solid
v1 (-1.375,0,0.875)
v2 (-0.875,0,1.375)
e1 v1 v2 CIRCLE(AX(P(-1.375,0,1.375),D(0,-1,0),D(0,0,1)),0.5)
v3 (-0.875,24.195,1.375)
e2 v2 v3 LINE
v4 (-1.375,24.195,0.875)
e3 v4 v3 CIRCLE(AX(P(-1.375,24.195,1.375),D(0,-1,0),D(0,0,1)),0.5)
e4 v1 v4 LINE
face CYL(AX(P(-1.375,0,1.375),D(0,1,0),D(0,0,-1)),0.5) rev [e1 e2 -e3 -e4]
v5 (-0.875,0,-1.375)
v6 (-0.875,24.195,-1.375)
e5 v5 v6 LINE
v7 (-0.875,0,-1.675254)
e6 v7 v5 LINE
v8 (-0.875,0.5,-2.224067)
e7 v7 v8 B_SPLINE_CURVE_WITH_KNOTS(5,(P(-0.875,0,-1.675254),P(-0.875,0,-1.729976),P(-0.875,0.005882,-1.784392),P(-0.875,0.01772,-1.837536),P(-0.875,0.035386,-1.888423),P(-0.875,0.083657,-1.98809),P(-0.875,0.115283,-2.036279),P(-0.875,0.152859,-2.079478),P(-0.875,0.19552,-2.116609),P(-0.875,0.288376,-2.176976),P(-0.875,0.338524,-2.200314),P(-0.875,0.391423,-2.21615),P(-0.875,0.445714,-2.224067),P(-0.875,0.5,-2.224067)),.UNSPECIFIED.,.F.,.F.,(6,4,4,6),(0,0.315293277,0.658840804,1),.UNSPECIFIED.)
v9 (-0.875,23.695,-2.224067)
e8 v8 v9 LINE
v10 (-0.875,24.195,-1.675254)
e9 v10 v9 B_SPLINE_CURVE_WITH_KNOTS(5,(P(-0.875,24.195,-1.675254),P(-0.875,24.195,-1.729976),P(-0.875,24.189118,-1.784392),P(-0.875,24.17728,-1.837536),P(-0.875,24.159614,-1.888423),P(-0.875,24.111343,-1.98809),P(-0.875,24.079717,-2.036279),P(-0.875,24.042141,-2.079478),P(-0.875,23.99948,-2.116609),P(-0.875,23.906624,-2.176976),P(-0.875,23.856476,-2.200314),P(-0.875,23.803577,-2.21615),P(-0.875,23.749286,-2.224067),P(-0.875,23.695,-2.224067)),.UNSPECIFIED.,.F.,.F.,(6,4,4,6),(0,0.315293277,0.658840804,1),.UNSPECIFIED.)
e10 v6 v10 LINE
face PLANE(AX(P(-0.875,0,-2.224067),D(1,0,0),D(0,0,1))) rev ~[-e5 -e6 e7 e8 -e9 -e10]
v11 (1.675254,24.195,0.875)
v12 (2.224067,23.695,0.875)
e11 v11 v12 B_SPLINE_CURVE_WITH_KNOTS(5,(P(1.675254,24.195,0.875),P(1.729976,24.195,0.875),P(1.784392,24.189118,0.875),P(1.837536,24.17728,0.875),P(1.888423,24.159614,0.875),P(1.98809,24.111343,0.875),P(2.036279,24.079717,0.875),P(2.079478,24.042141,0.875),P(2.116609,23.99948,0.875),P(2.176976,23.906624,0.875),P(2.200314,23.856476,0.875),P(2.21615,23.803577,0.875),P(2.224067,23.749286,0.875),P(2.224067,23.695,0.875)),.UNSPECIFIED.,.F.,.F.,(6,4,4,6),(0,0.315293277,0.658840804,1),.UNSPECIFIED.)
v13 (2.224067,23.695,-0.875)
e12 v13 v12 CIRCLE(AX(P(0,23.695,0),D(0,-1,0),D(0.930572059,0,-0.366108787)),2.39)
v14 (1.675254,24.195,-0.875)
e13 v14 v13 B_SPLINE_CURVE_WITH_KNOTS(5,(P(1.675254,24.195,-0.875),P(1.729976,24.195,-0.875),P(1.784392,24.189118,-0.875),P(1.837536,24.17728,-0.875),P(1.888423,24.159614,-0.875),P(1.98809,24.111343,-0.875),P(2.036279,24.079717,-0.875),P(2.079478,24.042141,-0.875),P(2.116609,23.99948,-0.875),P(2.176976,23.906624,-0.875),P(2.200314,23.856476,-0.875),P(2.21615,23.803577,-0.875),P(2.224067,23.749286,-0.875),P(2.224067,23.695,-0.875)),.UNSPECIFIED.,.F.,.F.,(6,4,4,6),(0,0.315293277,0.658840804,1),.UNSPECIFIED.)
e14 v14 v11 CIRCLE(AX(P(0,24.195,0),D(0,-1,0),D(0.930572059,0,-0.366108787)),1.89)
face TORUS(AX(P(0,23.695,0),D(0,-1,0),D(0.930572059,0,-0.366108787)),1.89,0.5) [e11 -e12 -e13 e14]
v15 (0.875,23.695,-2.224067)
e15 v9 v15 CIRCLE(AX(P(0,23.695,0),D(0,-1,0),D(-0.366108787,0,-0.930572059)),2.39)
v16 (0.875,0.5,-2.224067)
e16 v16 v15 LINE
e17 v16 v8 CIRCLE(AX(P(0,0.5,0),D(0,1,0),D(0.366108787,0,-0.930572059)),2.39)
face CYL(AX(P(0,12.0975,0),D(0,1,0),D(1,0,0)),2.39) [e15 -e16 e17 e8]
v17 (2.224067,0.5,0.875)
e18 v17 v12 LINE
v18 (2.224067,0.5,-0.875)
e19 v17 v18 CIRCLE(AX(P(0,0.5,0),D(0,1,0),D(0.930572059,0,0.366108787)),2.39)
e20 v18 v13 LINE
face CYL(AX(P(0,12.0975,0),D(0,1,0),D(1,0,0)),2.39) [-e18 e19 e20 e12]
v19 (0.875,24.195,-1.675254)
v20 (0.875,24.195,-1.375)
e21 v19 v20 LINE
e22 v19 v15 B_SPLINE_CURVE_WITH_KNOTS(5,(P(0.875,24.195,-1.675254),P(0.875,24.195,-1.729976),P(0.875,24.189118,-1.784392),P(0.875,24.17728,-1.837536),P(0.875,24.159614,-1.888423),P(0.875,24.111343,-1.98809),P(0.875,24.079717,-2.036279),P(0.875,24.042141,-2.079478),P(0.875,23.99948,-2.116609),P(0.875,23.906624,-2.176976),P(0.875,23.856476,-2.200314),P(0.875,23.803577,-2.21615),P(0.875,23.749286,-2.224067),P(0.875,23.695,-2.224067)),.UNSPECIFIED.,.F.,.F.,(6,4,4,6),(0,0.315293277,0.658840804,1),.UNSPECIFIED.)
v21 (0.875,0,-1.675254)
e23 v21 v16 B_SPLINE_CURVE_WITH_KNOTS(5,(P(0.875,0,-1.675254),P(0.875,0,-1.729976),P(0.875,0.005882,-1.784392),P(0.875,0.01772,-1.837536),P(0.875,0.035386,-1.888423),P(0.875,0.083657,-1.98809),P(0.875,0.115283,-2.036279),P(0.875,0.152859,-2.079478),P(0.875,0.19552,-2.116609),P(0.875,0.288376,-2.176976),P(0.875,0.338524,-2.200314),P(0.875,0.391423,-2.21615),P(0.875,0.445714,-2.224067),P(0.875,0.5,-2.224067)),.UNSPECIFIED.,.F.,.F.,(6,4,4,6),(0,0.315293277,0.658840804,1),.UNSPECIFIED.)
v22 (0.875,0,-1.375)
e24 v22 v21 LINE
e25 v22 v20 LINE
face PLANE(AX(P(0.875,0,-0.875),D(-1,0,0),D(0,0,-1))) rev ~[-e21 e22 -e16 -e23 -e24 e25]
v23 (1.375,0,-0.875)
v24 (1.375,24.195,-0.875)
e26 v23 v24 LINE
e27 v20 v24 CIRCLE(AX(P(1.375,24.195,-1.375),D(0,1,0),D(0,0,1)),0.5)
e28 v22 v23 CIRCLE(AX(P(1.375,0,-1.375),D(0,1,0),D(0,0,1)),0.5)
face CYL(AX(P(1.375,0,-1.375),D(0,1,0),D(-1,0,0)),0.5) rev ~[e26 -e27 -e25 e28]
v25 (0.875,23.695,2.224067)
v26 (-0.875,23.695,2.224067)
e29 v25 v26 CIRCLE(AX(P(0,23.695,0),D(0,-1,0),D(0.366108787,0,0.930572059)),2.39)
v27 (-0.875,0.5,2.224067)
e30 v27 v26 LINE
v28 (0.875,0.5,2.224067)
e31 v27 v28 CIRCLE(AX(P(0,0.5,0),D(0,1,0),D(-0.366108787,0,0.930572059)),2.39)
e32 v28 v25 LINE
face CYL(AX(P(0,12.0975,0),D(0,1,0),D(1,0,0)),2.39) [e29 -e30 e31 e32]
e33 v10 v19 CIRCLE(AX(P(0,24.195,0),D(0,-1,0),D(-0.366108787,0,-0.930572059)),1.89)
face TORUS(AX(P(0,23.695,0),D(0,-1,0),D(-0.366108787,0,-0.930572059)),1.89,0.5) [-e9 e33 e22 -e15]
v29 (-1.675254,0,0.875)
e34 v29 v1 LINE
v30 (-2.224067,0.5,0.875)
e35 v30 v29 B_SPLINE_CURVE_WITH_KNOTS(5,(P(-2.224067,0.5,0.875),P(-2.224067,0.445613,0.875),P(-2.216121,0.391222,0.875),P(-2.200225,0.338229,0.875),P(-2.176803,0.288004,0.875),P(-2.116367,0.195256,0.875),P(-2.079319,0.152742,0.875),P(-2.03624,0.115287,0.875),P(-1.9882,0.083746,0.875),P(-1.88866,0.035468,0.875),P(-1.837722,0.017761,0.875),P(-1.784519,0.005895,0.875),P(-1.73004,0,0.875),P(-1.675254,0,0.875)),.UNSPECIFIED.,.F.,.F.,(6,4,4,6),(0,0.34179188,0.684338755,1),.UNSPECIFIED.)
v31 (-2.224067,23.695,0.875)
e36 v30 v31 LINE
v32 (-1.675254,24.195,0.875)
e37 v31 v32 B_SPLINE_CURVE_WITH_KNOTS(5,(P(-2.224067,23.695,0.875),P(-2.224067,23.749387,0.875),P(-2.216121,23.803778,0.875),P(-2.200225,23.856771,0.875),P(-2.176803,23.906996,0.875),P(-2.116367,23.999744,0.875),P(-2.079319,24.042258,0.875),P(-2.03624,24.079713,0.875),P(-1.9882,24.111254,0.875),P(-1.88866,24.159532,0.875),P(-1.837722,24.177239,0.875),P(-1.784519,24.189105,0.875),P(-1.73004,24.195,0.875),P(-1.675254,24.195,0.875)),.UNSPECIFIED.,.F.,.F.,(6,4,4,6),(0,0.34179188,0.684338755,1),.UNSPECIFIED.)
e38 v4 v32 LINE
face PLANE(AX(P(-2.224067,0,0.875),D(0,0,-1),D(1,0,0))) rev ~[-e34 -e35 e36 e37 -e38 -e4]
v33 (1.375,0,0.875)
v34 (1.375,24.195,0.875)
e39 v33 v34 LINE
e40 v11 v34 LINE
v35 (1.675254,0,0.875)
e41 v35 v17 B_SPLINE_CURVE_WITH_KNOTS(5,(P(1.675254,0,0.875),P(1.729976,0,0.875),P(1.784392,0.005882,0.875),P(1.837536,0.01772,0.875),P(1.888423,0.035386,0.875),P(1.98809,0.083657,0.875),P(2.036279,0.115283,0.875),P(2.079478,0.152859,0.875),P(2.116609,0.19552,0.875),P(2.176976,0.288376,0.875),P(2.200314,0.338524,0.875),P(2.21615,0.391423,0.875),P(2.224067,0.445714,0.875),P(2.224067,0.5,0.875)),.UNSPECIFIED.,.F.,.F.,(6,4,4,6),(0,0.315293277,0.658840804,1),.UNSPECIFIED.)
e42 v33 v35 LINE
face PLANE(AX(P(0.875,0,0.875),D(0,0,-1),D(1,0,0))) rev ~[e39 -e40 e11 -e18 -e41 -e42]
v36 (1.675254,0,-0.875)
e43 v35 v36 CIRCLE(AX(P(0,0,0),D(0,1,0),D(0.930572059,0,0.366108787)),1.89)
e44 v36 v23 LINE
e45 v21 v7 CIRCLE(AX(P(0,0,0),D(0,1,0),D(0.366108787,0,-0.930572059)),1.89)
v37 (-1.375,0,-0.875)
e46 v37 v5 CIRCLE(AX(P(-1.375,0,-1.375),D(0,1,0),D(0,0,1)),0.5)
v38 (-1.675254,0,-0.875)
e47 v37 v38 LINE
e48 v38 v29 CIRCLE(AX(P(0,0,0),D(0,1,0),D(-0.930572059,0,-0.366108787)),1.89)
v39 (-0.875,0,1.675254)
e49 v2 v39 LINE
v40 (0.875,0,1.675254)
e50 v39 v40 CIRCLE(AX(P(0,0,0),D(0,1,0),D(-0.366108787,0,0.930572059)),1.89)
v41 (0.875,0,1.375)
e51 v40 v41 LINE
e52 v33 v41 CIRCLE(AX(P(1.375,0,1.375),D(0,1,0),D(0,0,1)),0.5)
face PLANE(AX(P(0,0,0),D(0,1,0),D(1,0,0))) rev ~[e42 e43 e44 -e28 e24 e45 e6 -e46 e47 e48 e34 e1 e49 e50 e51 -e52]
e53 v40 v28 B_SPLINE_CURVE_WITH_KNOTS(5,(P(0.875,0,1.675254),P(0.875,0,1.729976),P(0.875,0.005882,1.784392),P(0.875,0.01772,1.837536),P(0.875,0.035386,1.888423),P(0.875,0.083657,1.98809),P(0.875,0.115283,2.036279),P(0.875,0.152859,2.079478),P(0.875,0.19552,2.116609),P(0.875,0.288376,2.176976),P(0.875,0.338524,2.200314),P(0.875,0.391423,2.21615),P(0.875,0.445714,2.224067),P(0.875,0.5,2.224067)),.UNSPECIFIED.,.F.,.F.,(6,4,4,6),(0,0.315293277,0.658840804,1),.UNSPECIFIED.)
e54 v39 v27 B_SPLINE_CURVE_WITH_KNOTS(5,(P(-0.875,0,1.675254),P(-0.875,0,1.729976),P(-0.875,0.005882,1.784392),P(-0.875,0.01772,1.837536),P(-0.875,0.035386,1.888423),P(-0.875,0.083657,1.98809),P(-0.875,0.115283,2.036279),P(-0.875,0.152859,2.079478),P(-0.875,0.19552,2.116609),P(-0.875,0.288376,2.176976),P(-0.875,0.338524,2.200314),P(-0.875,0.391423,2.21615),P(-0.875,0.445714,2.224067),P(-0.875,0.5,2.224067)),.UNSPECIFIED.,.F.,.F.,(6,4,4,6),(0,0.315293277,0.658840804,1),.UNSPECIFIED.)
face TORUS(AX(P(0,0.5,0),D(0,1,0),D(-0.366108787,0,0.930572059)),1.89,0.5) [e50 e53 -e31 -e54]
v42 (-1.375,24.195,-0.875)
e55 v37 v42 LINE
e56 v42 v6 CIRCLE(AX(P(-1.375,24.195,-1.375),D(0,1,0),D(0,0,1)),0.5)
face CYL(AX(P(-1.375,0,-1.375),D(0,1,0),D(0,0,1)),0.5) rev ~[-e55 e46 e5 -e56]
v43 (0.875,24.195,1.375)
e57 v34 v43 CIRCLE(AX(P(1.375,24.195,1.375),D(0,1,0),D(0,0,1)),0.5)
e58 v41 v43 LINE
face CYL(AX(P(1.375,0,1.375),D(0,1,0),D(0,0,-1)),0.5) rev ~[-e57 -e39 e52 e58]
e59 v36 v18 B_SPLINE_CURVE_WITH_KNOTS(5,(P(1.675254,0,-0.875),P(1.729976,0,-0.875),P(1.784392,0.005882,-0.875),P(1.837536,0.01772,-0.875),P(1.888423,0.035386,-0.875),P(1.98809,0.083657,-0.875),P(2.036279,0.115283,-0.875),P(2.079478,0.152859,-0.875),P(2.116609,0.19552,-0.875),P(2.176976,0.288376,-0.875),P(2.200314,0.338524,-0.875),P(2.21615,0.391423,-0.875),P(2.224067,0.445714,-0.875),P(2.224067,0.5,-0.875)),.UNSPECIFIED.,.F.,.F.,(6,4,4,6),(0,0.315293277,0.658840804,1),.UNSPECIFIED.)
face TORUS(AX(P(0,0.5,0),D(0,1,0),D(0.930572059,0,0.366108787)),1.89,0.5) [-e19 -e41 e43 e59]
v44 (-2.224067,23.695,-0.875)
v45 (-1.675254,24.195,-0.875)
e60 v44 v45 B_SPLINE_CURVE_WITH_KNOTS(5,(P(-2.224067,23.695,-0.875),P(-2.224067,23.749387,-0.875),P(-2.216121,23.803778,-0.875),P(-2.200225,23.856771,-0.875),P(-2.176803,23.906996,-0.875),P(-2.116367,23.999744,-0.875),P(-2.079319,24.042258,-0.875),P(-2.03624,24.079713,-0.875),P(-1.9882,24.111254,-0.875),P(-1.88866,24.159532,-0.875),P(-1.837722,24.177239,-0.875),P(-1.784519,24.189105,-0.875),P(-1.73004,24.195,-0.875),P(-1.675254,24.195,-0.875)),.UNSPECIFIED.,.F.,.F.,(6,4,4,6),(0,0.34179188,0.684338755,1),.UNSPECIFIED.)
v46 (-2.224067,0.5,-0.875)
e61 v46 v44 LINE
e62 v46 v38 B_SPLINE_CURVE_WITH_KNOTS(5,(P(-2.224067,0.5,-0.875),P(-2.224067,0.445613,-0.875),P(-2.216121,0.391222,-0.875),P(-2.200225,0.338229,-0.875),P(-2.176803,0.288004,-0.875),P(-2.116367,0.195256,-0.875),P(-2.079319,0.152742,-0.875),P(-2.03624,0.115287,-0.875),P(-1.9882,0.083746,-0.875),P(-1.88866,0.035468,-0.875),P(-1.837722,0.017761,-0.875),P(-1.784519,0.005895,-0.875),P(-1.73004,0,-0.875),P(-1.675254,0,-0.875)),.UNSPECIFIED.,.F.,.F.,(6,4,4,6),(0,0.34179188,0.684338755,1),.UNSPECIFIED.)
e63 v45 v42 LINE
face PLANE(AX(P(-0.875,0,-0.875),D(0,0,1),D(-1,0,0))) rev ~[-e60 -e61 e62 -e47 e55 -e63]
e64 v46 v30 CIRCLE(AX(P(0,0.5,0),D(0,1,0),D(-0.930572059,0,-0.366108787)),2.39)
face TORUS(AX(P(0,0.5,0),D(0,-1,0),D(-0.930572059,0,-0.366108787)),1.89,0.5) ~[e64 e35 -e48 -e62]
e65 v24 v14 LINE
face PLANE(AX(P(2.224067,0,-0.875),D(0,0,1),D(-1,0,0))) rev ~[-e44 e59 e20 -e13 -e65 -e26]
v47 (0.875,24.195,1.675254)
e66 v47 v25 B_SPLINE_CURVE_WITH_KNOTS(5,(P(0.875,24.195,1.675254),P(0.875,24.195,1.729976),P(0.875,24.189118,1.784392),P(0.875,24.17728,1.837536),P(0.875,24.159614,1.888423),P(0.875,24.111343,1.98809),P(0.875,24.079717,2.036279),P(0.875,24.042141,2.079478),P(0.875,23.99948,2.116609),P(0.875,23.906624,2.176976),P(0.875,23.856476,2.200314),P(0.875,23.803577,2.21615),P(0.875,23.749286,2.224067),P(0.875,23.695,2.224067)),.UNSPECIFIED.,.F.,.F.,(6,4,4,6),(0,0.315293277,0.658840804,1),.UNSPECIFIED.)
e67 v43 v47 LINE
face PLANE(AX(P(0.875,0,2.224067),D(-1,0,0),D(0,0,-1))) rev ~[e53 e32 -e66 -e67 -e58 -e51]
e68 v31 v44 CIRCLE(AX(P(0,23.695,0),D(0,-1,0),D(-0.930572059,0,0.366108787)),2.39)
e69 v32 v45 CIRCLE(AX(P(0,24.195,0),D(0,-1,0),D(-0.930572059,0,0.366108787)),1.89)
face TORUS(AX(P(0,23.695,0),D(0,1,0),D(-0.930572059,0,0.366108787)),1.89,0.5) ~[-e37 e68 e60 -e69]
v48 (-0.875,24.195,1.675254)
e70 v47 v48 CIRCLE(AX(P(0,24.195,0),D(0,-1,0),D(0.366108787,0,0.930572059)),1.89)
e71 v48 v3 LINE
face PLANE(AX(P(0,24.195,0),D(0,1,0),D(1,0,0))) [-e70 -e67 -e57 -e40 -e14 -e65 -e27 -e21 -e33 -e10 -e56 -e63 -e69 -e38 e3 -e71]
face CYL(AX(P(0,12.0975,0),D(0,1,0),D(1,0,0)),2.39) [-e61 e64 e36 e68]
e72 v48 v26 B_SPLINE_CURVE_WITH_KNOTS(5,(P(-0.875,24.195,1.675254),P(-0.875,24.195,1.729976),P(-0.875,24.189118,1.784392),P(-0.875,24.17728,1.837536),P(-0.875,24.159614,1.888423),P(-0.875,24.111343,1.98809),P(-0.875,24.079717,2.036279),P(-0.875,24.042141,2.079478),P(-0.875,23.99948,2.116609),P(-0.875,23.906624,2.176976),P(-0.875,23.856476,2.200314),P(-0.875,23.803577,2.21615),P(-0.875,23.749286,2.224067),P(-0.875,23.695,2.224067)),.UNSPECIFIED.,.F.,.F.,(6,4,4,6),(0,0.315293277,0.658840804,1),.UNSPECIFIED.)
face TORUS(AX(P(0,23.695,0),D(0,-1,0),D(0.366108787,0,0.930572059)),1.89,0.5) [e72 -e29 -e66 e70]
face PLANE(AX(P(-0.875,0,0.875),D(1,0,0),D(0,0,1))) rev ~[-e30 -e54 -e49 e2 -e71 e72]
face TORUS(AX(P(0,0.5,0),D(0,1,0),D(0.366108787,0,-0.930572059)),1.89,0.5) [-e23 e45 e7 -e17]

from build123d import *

# Parameters (mm, degrees)
SKETCH1_W          = 2.39
SKETCH1_H          = 24.195
CUT_EXTRUDE1_DEPTH = 25.195
CUT_EXTRUDE2_DEPTH = 25.195
CUT_EXTRUDE3_DEPTH = 25.195
CUT_EXTRUDE4_DEPTH = 25.195
FILLET1_R          = 0.5


with BuildPart() as part:
    # Sketch1 → Revolve1 (revolve)
    with BuildSketch(Plane(origin=(0, 0, 0), x_dir=(-1, 0, 0), z_dir=(0, 0, -1))):
        with Locations((-1.195, 12.0975)):
            Rectangle(SKETCH1_W, SKETCH1_H)
    revolve(axis=Axis((0, 0, 0), (0, 1, 0)))

    # Sketch2 → Cut-Extrude1 (cut, through all)
    with BuildSketch(Plane.XZ):
        with BuildLine():
            Line((0.875, 2.22406722), (0.875, 0.875))
            Line((0.875, 0.875), (2.22406722, 0.875))
            ThreePointArc((2.22406722, 0.875), (1.689985207, 1.689985207), (0.875, 2.22406722))
        make_face()
    extrude(amount=-CUT_EXTRUDE1_DEPTH, mode=Mode.SUBTRACT)

    # Sketch3 → Cut-Extrude2 (cut, through all)
    with BuildSketch(Plane.XZ):
        with BuildLine():
            Line((2.22406722, -0.875), (0.875, -0.875))
            Line((0.875, -0.875), (0.875, -2.22406722))
            ThreePointArc((0.875, -2.22406722), (1.689985207, -1.689985207), (2.22406722, -0.875))
        make_face()
    extrude(amount=-CUT_EXTRUDE2_DEPTH, mode=Mode.SUBTRACT)

    # Sketch4 → Cut-Extrude3 (cut, through all)
    with BuildSketch(Plane.XZ):
        with BuildLine():
            Line((-0.875, -2.22406722), (-0.875, -0.875))
            Line((-0.875, -0.875), (-2.22406722, -0.875))
            ThreePointArc((-2.22406722, -0.875), (-1.689985207, -1.689985207), (-0.875, -2.22406722))
        make_face()
    extrude(amount=-CUT_EXTRUDE3_DEPTH, mode=Mode.SUBTRACT)

    # Sketch5 → Cut-Extrude4 (cut, through all)
    with BuildSketch(Plane.XZ):
        with BuildLine():
            Line((-2.22406722, 0.875), (-0.875, 0.875))
            Line((-0.875, 0.875), (-0.875, 2.22406722))
            ThreePointArc((-0.875, 2.22406722), (-1.689985207, 1.689985207), (-2.22406722, 0.875))
        make_face()
    extrude(amount=-CUT_EXTRUDE4_DEPTH, mode=Mode.SUBTRACT)

    # Fillet1
    fillet1_edges = [part.edges().sort_by_distance(p)[0] for p in [
        (2.39, 0, 0),
        (0.875, 12.0975, 0.875),
        (0, 24.195, -2.39),
        (0, 0, -2.39),
        (0.875, 12.0975, -0.875),
        (-2.39, 24.195, 0),
        (-2.39, 0, 0),
        (-0.875, 12.0975, -0.875),
        (0, 24.195, 2.39),
        (0, 0, 2.39),
        (-0.875, 12.0975, 0.875),
        (2.39, 24.195, 0),
    ]]
    fillet(fillet1_edges, radius=FILLET1_R)


solid = part.part
